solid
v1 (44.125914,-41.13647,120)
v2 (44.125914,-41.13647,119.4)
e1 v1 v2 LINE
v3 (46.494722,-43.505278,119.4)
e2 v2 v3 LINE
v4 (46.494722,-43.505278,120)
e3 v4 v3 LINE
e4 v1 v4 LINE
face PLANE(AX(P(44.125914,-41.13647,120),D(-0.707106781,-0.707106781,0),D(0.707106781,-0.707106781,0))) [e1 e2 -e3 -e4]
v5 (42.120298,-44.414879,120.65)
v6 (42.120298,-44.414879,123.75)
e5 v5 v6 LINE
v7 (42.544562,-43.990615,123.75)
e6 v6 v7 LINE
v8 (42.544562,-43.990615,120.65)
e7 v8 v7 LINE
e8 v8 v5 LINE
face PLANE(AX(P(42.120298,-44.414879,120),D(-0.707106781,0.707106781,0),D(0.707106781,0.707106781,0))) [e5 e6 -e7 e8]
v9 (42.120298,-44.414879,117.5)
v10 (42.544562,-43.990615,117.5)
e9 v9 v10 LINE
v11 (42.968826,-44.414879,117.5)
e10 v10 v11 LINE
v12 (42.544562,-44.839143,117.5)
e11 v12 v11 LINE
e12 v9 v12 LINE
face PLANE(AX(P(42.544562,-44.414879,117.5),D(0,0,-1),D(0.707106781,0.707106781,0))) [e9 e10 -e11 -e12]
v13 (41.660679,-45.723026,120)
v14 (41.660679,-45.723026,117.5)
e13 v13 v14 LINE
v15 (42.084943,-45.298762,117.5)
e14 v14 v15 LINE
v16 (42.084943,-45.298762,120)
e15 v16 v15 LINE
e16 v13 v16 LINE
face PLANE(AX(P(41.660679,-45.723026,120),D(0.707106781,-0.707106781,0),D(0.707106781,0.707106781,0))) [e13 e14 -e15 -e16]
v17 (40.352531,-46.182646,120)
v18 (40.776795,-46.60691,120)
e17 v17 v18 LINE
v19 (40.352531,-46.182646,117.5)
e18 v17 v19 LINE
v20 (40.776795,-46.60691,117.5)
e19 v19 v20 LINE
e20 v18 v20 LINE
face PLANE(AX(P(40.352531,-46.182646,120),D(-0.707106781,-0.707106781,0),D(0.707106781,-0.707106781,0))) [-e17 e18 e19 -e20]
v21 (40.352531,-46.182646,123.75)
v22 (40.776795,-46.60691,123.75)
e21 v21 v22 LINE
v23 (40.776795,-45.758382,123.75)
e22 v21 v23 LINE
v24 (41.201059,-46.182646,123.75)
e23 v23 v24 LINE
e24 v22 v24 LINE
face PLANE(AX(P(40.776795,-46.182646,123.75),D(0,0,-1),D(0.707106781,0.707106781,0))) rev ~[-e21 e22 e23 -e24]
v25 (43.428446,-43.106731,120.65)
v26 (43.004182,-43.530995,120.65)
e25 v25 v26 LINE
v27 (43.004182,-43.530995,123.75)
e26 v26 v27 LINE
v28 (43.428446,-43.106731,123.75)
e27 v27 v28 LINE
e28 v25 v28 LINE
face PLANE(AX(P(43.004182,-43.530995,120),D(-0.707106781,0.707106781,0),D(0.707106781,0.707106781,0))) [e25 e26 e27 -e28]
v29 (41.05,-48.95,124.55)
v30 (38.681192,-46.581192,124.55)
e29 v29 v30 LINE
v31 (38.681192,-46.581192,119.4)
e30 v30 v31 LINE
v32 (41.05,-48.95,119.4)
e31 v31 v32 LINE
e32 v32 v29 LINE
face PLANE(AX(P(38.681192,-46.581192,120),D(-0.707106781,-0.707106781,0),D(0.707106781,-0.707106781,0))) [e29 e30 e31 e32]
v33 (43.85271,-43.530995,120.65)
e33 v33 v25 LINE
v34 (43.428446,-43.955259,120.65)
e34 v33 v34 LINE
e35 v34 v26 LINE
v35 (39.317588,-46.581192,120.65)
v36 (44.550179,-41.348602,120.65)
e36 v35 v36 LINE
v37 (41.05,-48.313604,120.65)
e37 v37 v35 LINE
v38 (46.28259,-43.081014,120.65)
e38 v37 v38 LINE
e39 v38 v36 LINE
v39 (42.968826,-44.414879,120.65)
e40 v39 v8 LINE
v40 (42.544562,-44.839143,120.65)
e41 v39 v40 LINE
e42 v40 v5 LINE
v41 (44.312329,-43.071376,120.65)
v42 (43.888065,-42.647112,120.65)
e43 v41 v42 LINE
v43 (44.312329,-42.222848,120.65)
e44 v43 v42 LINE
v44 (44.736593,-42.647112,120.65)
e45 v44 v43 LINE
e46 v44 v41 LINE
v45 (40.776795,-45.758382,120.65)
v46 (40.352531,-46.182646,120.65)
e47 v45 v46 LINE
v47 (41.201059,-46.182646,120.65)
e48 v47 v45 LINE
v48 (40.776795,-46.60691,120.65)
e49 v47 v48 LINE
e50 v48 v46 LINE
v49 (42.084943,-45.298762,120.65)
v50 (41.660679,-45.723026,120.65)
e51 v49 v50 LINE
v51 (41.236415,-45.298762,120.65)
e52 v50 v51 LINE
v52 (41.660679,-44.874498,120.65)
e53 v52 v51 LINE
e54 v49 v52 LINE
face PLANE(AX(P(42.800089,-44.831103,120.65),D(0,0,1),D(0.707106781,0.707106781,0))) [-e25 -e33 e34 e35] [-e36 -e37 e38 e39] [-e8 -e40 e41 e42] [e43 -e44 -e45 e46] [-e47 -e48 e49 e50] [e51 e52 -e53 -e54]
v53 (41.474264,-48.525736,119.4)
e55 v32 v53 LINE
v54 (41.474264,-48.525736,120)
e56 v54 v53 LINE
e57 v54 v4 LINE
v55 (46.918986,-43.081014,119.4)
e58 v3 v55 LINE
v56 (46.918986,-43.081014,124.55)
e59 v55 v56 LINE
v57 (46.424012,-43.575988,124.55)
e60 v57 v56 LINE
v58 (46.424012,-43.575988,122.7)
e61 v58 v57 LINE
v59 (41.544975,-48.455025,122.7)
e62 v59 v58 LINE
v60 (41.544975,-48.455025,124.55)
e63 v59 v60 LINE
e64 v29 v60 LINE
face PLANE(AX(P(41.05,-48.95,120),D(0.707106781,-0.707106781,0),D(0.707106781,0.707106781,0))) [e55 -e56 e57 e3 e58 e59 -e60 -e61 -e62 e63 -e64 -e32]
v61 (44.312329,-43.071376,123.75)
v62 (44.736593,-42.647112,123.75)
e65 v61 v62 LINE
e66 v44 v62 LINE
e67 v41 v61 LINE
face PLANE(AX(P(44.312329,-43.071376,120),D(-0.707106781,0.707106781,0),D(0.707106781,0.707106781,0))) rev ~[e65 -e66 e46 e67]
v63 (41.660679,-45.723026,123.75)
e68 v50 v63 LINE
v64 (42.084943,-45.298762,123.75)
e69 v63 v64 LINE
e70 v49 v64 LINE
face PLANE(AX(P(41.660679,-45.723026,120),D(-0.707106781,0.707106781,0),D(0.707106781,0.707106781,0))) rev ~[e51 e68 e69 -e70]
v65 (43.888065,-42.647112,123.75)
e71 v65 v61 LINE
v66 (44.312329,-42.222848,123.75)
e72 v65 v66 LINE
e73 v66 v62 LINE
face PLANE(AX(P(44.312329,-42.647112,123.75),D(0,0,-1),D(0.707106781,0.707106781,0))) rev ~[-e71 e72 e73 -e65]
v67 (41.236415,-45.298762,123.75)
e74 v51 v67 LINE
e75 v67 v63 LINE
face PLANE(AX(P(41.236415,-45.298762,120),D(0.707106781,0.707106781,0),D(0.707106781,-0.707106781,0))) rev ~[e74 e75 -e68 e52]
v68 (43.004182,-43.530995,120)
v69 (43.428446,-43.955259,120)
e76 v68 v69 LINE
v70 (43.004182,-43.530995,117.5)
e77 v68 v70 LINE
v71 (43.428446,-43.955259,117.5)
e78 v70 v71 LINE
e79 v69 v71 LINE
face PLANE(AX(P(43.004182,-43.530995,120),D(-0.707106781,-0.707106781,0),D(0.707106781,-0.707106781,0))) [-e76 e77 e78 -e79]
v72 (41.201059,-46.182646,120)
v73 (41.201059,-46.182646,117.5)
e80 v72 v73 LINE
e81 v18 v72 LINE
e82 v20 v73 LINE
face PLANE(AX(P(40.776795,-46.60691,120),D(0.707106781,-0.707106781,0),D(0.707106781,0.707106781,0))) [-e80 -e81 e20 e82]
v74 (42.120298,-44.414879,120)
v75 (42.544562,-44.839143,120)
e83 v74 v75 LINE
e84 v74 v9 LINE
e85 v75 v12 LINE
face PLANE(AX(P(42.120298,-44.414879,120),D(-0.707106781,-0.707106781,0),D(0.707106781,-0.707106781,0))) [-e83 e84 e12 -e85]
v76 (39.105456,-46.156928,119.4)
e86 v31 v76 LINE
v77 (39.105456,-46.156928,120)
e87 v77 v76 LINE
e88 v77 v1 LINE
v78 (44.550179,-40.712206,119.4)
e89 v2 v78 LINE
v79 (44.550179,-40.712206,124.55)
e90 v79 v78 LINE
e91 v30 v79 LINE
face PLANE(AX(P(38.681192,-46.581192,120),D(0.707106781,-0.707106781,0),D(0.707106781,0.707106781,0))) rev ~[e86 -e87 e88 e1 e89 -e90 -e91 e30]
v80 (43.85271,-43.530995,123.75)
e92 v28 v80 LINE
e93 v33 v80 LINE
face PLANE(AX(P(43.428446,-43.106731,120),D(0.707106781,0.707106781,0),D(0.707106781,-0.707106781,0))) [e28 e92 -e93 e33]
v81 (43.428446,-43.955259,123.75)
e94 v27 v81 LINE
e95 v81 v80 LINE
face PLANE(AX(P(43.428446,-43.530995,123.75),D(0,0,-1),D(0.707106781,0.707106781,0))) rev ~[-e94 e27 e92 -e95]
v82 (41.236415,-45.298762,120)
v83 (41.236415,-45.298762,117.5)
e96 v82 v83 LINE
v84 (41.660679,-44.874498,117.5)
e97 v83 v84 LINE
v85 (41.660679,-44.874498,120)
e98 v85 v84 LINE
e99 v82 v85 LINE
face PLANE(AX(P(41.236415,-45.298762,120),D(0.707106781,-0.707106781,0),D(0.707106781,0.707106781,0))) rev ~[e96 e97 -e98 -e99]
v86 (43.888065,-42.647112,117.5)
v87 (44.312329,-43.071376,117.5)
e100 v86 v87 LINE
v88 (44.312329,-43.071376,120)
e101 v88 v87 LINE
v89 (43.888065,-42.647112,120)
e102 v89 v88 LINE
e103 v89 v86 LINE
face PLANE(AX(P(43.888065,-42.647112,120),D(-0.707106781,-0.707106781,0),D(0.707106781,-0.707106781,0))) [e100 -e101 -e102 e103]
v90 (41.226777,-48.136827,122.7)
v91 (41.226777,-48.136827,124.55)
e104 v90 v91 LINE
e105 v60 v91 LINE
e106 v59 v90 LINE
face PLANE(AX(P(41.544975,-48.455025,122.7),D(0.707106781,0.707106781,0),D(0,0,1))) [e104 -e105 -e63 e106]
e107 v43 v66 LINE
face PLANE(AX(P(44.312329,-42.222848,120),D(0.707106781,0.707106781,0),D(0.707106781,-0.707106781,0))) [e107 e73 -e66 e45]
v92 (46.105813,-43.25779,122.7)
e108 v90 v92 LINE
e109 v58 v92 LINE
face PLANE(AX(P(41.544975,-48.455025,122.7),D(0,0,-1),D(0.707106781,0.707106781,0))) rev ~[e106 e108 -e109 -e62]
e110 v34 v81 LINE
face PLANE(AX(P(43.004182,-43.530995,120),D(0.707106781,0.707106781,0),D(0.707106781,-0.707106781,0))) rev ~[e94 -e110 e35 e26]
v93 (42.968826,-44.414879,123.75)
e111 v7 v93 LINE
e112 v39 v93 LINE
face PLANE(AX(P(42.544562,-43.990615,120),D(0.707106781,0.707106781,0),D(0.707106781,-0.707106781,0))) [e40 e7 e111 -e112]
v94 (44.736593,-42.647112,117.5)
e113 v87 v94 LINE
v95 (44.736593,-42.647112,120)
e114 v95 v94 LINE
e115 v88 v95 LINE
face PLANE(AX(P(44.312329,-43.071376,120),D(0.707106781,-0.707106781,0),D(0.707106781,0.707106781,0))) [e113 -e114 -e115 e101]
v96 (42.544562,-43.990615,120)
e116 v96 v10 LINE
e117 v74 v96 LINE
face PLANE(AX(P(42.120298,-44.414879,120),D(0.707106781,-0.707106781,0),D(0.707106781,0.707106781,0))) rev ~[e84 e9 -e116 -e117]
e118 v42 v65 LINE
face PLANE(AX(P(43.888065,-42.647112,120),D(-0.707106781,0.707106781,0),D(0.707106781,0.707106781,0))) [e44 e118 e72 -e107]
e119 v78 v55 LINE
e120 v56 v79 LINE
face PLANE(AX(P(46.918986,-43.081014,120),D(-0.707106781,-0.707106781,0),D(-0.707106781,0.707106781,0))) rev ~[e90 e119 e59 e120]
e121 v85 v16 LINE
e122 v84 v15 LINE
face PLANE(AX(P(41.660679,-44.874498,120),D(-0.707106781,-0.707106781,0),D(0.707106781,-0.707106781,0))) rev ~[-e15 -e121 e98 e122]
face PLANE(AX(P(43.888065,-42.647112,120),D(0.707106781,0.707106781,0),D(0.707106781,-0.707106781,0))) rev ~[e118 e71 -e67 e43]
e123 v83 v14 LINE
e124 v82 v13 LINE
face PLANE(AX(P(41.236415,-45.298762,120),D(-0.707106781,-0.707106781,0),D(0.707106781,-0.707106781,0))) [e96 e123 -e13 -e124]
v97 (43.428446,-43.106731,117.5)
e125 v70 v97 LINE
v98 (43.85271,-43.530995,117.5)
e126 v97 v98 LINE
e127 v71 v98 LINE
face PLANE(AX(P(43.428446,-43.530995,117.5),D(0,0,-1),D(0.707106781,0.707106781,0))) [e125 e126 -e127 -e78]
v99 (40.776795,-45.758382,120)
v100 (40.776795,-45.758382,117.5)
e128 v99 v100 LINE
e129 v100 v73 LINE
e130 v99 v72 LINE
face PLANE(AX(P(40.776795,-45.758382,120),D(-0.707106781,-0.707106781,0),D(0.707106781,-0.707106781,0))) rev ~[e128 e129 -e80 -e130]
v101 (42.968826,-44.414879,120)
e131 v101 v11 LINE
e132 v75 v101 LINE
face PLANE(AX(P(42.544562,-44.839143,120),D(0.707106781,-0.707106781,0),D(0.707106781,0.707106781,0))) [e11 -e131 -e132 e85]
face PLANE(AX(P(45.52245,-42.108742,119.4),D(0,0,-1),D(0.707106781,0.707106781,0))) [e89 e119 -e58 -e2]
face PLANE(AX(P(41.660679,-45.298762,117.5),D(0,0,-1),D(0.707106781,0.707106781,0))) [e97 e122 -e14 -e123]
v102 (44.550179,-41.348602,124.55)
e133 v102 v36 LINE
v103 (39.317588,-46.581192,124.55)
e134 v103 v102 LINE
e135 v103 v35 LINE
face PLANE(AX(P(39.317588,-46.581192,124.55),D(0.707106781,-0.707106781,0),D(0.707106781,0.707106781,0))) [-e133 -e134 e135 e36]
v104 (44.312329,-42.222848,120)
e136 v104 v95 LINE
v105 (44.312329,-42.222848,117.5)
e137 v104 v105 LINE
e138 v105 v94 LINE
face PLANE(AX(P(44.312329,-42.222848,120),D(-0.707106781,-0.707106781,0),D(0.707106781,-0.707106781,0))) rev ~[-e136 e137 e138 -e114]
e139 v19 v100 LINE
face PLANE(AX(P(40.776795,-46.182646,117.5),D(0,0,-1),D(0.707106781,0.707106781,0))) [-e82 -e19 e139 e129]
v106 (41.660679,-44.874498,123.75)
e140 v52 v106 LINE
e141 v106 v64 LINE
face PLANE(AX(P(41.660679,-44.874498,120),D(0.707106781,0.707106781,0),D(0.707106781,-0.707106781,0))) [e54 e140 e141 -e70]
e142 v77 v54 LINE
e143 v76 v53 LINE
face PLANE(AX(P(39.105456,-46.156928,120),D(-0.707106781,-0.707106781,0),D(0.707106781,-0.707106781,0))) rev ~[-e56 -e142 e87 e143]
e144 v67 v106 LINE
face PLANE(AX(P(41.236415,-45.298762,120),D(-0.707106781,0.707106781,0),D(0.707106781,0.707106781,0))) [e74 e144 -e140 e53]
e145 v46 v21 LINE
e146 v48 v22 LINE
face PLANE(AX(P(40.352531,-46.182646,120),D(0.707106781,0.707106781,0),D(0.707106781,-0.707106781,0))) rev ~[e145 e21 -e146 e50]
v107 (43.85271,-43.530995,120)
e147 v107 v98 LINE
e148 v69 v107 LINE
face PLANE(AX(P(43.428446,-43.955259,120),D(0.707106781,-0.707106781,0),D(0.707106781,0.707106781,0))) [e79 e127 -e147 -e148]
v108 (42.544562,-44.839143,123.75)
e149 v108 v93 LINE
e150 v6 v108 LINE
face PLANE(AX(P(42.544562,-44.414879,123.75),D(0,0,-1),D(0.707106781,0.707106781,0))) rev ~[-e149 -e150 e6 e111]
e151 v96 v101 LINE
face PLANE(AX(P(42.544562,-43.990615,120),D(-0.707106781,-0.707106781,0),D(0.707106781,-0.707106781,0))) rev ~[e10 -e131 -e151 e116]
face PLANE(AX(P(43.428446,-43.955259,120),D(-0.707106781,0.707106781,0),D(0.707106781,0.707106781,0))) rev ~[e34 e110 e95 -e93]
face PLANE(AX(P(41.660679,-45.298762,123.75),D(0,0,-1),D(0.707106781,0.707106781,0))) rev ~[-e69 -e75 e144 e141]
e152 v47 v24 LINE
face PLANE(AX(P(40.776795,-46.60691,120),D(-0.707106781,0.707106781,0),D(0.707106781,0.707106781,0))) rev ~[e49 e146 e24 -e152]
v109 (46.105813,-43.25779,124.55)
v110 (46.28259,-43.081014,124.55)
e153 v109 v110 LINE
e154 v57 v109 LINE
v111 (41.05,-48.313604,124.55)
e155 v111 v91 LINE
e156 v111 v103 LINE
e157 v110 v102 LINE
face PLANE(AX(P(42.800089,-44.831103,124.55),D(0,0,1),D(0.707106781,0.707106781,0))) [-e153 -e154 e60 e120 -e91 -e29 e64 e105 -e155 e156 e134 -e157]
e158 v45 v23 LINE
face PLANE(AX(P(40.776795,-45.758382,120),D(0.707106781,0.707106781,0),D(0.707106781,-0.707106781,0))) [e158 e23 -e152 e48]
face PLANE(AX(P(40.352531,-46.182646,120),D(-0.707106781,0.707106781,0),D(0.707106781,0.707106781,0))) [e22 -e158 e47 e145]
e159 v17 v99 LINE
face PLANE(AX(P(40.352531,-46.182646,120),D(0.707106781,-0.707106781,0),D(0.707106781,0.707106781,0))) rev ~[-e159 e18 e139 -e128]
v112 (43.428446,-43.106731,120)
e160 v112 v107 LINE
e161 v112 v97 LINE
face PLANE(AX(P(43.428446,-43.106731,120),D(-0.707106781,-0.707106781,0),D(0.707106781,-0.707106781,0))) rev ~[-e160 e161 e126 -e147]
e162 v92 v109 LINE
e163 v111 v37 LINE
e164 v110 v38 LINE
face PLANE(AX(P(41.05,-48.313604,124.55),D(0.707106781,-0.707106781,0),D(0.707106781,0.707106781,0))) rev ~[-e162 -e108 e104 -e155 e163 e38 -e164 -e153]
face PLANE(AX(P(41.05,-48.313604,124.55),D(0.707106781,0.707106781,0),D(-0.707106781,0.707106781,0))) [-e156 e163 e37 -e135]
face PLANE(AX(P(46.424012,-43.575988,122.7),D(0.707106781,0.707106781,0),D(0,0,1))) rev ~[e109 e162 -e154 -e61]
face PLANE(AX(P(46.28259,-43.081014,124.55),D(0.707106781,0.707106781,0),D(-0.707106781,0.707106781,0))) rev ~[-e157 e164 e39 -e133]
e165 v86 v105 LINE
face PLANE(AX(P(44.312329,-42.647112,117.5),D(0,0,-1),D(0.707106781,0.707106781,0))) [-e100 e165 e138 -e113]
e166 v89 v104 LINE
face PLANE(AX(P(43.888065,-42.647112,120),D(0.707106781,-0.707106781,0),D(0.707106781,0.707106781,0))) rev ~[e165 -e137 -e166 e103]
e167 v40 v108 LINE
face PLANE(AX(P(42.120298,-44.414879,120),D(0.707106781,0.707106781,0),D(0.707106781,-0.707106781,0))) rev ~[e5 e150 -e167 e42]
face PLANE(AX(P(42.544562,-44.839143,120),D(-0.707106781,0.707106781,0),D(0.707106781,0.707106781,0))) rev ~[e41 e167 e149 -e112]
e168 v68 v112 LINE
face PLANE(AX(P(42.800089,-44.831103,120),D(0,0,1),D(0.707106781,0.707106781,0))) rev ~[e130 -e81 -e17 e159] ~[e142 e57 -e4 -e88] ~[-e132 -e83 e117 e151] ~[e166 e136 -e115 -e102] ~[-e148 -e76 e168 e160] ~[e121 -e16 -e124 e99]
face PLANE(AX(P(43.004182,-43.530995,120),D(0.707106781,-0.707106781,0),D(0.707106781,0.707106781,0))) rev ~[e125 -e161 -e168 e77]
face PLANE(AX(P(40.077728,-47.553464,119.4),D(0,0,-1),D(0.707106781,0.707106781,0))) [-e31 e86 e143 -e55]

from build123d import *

# Parameters (mm, degrees)
SKETCH052_W             = 8.3
SKETCH052_H             = 3.35
PAD022_DEPTH            = 4.55
SKETCH053_W             = 0.6
SKETCH053_H             = 3.35
PAD023_DEPTH            = 0.6
SKETCH054_W             = 7.4
SKETCH054_H             = 2.45
POCKET006_DEPTH         = 3.9
SKETCH055_W             = 6.9
SKETCH055_H             = 1.85
POCKET007_DEPTH         = 0.45
SKETCH004_W             = 0.6
SKETCH004_H             = 0.6
PAD024_DEPTH            = 2.5
SKETCH005_W             = 0.6
SKETCH005_H             = 0.6
PAD025_DEPTH            = 3.75
BODY002_PLACEMENT_ANGLE = 45


with BuildPart() as part:
    # Sketch052 → Pad022 (new body)
    with BuildSketch(Plane.XY):
        with Locations((4.15, 1.675)):
            Rectangle(SKETCH052_W, SKETCH052_H)
    extrude(amount=PAD022_DEPTH)

    # Sketch053 (on Face5 of Pad022) → Pad023 (join)
    with BuildSketch(Plane(origin=(0, 0, 0), x_dir=(1, 0, 0), z_dir=(0, 0, -1))):
        with Locations((0.3, -1.675)):
            Rectangle(SKETCH053_W, SKETCH053_H)
        with Locations((8, -1.675)):
            Rectangle(SKETCH053_W, SKETCH053_H)
    extrude(amount=PAD023_DEPTH)

    # Sketch054 (on Face7 of Pad023) → Pocket006 (cut)
    with BuildSketch(Plane.XY.offset(4.55)):
        with Locations((4.15, 1.675)):
            Rectangle(SKETCH054_W, SKETCH054_H)
    extrude(amount=-POCKET006_DEPTH, mode=Mode.SUBTRACT)

    # Sketch055 (on Face1 of Pocket006) → Pocket007 (cut)
    with BuildSketch(Plane.XZ):
        with Locations((4.15, 3.625)):
            Rectangle(SKETCH055_W, SKETCH055_H)
    extrude(amount=-POCKET007_DEPTH, mode=Mode.SUBTRACT)

    # Sketch004 (on Face3 of Pocket007) → Pad024 (join)
    with BuildSketch(Plane(origin=(0, 0, 0), x_dir=(1, 0, 0), z_dir=(0, 0, -1))):
        with Locations((1.76363, -2.15)):
            Rectangle(SKETCH004_W, SKETCH004_H)
        with Locations((3.01363, -2.15)):
            Rectangle(SKETCH004_W, SKETCH004_H)
        with Locations((4.26363, -2.15)):
            Rectangle(SKETCH004_W, SKETCH004_H)
        with Locations((5.51363, -2.15)):
            Rectangle(SKETCH004_W, SKETCH004_H)
        with Locations((6.76363, -2.15)):
            Rectangle(SKETCH004_W, SKETCH004_H)
    extrude(amount=PAD024_DEPTH)

    # Sketch005 (on Face3 of Pad024) → Pad025 (join)
    with BuildSketch(Plane(origin=(0, 0, 0), x_dir=(1, 0, 0), z_dir=(0, 0, -1))):
        with Locations((1.76363, -2.15)):
            Rectangle(SKETCH005_W, SKETCH005_H)
        with Locations((3.01363, -2.15)):
            Rectangle(SKETCH005_W, SKETCH005_H)
        with Locations((4.26363, -2.15)):
            Rectangle(SKETCH005_W, SKETCH005_H)
        with Locations((5.51363, -2.15)):
            Rectangle(SKETCH005_W, SKETCH005_H)
        with Locations((6.76363, -2.15)):
            Rectangle(SKETCH005_W, SKETCH005_H)
    extrude(amount=-PAD025_DEPTH)


with BuildPart() as part_1:
    # Body002 placement: moved
    add(part.part.moved(Location((41.05, -48.95, 120))).rotate(Axis((41.05, -48.95, 120), (0, 0, 1)), BODY002_PLACEMENT_ANGLE))


solid = part_1.part
